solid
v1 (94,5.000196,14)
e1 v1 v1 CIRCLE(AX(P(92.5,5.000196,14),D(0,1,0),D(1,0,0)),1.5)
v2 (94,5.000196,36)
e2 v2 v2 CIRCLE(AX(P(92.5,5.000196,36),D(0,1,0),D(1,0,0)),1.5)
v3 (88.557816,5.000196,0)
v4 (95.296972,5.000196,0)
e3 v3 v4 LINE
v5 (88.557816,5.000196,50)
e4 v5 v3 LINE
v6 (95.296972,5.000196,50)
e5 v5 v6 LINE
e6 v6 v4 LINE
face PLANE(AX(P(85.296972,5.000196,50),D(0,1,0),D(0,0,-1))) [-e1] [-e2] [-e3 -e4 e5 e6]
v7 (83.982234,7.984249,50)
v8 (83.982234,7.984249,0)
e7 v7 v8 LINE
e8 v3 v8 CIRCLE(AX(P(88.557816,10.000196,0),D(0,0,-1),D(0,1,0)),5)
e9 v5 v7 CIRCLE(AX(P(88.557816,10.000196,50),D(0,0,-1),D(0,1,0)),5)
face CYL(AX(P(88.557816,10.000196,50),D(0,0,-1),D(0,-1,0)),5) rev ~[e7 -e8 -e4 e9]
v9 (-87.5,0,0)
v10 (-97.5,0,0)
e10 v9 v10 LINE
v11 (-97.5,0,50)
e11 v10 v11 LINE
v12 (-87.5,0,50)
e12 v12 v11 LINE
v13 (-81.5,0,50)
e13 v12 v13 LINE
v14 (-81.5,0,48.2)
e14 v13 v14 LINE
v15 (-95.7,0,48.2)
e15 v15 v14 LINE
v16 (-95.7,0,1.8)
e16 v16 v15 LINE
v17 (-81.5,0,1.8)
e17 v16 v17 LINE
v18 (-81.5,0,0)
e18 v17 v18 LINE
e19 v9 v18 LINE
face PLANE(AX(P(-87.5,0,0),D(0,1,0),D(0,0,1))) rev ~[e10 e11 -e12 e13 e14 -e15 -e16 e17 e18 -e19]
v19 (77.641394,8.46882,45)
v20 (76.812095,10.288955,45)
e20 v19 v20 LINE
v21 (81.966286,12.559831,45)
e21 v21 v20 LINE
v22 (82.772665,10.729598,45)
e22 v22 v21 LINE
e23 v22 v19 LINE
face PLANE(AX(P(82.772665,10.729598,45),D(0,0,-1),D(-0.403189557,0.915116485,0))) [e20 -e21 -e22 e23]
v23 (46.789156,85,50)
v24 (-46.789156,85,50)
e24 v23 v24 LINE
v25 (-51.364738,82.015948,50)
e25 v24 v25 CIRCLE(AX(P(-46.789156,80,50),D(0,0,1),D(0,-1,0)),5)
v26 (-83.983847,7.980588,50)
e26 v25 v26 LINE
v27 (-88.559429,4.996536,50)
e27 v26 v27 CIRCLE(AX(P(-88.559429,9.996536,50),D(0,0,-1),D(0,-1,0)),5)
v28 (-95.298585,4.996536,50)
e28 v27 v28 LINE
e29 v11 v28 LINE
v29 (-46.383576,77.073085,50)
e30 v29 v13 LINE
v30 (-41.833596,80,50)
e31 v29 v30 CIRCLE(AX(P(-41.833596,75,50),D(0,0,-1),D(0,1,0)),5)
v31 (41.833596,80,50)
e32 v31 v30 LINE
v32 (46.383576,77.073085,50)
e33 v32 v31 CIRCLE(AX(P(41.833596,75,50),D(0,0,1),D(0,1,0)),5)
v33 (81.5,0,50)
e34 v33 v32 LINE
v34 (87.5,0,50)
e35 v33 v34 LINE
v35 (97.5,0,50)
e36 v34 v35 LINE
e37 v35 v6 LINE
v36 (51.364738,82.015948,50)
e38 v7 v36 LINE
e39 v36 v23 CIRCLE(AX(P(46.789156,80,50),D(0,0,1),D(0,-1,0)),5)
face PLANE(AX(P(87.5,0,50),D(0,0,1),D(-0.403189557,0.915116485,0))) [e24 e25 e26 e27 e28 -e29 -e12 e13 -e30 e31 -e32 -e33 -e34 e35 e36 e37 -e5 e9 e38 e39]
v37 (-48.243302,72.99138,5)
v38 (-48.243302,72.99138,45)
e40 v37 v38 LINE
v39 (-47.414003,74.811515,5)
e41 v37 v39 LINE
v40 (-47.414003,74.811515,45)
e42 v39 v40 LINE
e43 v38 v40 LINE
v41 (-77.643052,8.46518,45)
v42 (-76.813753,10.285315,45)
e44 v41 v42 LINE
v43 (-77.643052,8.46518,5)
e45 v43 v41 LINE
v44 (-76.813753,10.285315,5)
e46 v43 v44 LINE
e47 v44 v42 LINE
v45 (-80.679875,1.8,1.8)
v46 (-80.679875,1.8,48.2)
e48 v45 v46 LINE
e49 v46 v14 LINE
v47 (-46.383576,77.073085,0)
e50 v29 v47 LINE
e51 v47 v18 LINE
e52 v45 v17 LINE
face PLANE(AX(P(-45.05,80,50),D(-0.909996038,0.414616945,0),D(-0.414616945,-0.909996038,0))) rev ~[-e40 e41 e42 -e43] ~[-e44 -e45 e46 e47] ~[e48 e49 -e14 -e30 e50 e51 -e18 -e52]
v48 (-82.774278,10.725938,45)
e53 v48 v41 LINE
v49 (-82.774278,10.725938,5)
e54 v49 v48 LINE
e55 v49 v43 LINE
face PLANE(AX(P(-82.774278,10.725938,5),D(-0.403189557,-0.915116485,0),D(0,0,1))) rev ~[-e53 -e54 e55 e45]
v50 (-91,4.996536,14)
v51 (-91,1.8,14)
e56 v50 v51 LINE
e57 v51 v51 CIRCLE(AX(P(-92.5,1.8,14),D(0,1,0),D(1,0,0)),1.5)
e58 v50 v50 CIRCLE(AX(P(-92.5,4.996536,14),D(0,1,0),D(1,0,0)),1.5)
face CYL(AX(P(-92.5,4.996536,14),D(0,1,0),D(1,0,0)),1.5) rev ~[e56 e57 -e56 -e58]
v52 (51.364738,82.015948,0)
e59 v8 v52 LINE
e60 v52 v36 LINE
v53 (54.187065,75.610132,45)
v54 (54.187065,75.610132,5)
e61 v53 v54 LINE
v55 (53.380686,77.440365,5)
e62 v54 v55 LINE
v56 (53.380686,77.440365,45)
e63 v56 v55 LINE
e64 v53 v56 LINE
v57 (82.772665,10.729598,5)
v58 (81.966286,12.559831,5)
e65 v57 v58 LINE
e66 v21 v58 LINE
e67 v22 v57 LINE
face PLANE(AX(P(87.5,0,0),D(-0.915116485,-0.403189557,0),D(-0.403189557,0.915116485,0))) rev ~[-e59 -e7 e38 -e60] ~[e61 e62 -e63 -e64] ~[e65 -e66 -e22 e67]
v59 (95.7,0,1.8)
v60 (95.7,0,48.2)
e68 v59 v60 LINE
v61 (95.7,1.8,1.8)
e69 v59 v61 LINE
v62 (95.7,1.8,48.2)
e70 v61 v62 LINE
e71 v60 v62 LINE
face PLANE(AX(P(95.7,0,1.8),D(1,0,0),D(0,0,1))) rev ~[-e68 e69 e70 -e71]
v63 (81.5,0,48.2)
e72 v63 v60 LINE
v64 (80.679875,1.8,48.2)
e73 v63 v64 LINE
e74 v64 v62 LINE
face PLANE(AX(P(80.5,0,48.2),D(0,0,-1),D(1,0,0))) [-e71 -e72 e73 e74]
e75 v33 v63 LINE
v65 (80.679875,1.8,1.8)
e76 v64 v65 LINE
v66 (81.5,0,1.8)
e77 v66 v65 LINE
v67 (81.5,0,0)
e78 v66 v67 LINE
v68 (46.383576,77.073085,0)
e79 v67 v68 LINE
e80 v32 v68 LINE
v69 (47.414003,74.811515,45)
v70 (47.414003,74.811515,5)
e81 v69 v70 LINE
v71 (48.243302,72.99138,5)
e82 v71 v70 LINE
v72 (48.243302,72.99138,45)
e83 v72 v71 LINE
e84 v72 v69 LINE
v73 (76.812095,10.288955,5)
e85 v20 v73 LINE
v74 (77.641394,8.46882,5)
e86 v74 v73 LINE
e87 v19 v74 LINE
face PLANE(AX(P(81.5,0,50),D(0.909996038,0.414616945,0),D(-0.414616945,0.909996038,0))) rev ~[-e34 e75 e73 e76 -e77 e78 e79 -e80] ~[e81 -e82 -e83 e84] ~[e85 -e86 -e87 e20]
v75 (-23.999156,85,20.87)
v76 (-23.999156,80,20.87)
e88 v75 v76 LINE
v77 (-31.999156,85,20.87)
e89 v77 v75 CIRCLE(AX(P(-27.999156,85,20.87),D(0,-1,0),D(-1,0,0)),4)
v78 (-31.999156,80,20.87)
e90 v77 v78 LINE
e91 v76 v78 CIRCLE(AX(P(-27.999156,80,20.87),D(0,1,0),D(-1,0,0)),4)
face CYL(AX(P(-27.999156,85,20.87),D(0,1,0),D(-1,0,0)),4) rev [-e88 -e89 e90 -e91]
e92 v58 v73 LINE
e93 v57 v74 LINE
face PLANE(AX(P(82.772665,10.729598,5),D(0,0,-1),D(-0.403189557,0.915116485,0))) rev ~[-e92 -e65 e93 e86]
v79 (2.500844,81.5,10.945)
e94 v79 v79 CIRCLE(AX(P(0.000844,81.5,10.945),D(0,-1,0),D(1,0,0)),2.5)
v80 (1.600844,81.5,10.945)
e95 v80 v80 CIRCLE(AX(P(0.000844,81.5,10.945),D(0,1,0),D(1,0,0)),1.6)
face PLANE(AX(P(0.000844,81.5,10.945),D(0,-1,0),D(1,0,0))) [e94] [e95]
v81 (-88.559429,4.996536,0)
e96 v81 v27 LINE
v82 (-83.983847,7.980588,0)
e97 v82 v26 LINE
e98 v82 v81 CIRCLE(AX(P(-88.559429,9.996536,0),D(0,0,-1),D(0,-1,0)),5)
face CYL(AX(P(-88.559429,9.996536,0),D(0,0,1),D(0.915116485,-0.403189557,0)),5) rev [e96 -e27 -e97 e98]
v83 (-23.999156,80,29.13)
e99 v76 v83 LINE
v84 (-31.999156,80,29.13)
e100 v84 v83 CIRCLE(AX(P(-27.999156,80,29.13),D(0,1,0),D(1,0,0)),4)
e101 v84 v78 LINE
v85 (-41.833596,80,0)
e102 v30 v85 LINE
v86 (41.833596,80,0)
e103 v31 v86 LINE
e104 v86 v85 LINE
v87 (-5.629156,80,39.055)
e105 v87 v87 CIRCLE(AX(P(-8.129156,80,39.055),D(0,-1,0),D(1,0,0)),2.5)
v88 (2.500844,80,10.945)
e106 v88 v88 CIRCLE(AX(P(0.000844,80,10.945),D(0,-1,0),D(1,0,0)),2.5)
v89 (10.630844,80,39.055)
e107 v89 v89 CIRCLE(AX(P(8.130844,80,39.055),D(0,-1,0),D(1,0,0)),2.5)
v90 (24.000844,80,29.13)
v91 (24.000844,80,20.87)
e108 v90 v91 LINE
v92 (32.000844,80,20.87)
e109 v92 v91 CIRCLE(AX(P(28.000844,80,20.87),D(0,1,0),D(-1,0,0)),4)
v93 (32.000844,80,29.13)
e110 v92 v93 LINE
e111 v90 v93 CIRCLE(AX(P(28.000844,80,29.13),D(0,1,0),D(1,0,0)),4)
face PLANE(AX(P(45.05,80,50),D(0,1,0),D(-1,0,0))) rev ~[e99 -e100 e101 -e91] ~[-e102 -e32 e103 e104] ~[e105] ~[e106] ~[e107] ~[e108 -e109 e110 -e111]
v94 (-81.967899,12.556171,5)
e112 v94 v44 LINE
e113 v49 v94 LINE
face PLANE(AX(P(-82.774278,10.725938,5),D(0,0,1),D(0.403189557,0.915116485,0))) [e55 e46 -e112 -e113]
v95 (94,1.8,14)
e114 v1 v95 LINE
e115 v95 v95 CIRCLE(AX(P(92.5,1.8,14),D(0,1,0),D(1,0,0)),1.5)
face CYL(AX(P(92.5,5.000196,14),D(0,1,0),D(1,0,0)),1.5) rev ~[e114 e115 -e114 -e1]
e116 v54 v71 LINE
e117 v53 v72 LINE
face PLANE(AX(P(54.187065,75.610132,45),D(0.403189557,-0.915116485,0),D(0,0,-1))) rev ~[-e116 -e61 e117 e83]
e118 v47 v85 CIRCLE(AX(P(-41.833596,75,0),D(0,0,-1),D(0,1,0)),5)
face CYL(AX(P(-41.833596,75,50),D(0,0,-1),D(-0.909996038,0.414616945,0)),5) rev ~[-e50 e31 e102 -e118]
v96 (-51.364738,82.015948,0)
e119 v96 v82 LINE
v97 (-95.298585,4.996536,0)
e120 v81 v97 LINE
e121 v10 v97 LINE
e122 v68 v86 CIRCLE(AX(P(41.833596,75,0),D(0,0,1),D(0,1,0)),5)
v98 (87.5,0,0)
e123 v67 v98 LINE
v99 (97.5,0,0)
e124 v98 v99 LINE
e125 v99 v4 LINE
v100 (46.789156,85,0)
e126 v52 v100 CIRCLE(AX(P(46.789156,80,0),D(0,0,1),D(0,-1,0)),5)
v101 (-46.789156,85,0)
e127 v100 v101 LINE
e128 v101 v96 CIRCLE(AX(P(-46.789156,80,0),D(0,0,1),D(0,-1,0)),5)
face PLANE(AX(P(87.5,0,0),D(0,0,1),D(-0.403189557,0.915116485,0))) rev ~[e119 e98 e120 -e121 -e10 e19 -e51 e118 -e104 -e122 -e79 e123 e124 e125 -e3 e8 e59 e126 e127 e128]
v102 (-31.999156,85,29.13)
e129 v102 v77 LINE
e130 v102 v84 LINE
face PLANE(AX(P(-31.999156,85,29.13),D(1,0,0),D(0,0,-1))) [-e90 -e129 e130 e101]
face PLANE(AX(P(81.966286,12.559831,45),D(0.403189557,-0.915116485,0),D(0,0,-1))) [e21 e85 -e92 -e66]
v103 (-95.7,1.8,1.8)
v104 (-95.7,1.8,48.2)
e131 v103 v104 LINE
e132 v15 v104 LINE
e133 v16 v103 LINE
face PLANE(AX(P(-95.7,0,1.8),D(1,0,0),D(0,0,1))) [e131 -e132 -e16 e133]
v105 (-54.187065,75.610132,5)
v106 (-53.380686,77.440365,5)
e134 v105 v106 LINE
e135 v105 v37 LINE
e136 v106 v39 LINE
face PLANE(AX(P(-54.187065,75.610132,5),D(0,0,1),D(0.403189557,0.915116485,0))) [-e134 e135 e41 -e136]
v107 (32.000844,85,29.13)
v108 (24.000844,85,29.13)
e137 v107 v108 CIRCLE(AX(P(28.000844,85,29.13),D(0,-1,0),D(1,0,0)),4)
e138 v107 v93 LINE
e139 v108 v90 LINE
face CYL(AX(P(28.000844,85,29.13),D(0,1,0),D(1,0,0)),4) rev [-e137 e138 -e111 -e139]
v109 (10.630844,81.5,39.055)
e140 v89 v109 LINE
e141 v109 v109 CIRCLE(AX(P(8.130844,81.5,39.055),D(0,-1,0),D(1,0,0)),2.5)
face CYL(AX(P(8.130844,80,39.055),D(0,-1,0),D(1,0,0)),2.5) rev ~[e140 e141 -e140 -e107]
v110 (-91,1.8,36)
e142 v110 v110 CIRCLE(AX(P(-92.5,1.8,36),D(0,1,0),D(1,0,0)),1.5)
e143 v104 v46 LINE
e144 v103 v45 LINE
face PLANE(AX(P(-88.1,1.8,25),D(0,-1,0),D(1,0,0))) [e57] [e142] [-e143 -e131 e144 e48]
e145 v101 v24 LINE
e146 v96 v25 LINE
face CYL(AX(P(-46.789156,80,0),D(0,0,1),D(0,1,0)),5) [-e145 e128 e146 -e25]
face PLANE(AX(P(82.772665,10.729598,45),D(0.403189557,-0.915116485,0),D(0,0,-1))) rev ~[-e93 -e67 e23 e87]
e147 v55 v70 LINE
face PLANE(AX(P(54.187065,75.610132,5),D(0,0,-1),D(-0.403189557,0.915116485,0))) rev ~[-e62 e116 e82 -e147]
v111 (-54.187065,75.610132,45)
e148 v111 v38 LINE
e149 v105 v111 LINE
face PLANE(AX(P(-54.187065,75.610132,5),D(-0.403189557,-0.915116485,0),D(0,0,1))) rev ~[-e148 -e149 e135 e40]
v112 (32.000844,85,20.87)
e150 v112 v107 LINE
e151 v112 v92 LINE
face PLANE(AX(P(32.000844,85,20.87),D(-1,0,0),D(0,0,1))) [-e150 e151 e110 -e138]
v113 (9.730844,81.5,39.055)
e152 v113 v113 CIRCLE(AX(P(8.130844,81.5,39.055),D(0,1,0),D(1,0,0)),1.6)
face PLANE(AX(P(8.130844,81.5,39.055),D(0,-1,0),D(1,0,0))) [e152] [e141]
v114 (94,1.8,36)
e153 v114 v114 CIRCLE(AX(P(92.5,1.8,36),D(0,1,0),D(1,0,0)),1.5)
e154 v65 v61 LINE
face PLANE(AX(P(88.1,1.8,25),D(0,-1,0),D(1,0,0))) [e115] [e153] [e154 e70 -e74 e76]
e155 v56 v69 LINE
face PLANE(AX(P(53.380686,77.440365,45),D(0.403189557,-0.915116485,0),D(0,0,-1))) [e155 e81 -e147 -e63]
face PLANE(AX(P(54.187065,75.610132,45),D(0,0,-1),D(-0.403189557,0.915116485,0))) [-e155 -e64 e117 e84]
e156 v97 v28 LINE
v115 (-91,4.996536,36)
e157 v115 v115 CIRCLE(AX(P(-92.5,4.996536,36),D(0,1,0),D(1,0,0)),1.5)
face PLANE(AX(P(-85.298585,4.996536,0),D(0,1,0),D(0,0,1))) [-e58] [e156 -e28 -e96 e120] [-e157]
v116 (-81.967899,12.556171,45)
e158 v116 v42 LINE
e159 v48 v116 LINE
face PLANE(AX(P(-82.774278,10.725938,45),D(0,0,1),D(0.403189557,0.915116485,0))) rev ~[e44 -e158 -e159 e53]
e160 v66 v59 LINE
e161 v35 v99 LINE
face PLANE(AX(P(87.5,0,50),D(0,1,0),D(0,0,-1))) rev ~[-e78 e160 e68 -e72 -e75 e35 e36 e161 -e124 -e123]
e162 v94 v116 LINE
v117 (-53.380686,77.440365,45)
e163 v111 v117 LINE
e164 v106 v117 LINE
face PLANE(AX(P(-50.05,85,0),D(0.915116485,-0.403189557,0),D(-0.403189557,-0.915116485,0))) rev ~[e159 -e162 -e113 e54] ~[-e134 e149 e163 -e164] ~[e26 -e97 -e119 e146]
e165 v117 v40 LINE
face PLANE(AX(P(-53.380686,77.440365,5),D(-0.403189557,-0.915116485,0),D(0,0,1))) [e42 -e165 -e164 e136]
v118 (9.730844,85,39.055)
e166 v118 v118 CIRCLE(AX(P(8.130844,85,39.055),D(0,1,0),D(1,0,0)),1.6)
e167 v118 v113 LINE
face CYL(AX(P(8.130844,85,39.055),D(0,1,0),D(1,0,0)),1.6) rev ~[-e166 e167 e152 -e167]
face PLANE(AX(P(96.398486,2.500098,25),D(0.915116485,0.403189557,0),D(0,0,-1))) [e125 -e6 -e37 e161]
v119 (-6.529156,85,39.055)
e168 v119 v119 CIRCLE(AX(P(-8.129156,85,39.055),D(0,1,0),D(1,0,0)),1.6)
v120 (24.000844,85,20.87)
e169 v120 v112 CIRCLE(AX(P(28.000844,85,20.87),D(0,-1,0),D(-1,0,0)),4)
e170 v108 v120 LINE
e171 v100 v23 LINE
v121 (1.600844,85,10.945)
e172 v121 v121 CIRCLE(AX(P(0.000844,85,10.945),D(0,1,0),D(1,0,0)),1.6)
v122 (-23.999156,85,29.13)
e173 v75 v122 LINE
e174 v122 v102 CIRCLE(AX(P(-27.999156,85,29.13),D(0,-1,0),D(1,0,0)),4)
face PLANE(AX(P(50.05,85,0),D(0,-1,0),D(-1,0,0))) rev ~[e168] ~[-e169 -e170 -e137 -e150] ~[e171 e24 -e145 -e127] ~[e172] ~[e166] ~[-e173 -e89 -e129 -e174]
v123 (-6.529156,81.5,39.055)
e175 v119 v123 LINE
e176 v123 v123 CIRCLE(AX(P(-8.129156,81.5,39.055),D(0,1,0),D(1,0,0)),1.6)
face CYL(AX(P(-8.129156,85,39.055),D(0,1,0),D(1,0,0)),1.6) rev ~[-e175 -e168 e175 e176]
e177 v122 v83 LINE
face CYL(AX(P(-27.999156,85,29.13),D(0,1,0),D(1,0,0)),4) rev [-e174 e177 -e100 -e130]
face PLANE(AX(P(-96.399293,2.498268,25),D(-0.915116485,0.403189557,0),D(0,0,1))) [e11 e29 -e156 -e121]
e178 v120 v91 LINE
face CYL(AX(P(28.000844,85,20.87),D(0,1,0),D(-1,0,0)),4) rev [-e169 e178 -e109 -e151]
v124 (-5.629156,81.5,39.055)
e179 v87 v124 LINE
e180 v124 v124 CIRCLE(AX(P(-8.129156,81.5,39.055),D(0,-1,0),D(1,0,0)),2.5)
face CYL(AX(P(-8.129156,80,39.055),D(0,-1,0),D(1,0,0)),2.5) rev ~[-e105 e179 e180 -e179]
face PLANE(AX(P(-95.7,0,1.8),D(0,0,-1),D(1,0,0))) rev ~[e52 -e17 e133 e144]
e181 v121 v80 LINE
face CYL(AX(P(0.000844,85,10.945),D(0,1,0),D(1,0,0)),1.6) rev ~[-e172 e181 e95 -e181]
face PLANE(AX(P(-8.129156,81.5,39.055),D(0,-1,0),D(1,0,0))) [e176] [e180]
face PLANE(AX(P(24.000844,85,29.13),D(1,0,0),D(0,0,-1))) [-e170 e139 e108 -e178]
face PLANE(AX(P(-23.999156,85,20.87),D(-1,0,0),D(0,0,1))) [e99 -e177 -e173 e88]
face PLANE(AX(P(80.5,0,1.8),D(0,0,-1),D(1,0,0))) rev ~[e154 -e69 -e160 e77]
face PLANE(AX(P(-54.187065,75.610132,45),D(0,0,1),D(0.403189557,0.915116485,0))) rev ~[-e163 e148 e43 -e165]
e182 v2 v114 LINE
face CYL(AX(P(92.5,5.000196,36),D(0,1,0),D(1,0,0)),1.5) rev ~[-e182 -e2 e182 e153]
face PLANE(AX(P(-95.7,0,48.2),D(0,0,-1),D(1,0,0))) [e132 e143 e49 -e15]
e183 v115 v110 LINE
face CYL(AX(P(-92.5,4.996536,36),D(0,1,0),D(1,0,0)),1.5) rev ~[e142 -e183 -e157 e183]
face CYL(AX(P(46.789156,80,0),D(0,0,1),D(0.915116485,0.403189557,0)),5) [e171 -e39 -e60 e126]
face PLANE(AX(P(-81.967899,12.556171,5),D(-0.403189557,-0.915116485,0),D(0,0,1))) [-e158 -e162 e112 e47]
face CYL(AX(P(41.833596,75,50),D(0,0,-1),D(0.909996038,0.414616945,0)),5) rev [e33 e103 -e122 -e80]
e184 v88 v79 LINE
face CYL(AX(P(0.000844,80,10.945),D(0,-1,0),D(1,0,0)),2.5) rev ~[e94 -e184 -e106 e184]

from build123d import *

# Parameters (mm, degrees)
BOSS_EXTRUDE2_DEPTH = 50
CUT_EXTRUDE1_DEPTH  = 50
FILLET1_R           = 5
SKETCH10_W          = 50
SKETCH10_H          = 5.46
BOSS_EXTRUDE4_DEPTH = 10
SKETCH5_W           = 50
SKETCH5_H           = 5.464
BOSS_EXTRUDE5_DEPTH = 10
SKETCH11_R          = 1.5
CUT_EXTRUDE2_DEPTH  = 10
SKETCH12_R          = 1.5
CUT_EXTRUDE3_DEPTH  = 10
FILLET2_R           = 5
FILLET3_R           = 5
CUT_EXTRUDE8_DEPTH  = 8.5
SKETCH18_W          = 15.2
SKETCH18_H          = 46.4
CUT_EXTRUDE14_DEPTH = 1.8
SKETCH19_W          = 15.2
SKETCH19_H          = 46.4
CUT_EXTRUDE15_DEPTH = 1.8
SKETCH16_W          = 40
SKETCH16_H          = 2
CUT_EXTRUDE16_DEPTH = 10
SKETCH17_W          = 40
SKETCH17_H          = 2
CUT_EXTRUDE17_DEPTH = 10
SKETCH13_R          = 1.6
CUT_EXTRUDE18_DEPTH = 10
SKETCH20_R          = 2.5
CUT_EXTRUDE19_DEPTH = 1.5


with BuildPart() as part:
    # Sketch1 → Boss-Extrude2 (new body)
    with BuildSketch(Plane.XY):
        Polygon((-87.5, 0), (87.5, 0), (50.05, 85), (-50.05, 85), align=None)
    extrude(amount=BOSS_EXTRUDE2_DEPTH)

    # Sketch3 → Cut-Extrude1 (cut)
    with BuildSketch(Plane.XY.offset(50)):
        Polygon((-81.5, 0), (81.5, 0), (45.05, 80), (-45.05, 80), align=None)
    extrude(amount=-CUT_EXTRUDE1_DEPTH, mode=Mode.SUBTRACT)

    # Fillet1
    fillet1_edges = [part.edges().sort_by_distance(p)[0] for p in [
        (-45.05, 80, 25),
        (45.05, 80, 25),
    ]]
    fillet(fillet1_edges, radius=FILLET1_R)

    # Sketch10 → Boss-Extrude4 (add, along a direction that is not the sketch's normal)
    with BuildSketch(Plane(origin=(-73.275840836, 32.284473404, 0), x_dir=(0, 0, 1), z_dir=(-0.915116485, 0.403189557, 0))):
        with Locations((25, -32.549086253)):
            Rectangle(SKETCH10_W, SKETCH10_H)
    extrude(amount=BOSS_EXTRUDE4_DEPTH, dir=(-1, 0, 0))

    # Sketch5 → Boss-Extrude5 (add, along a direction that is not the sketch's normal)
    with BuildSketch(Plane(origin=(73.275840836, 32.284473404, 0), x_dir=(0, 0, -1), z_dir=(0.915116485, 0.403189557, 0))):
        with Locations((-25, -32.547086253)):
            Rectangle(SKETCH5_W, SKETCH5_H)
    extrude(amount=BOSS_EXTRUDE5_DEPTH, dir=(1, 0, 0))

    # Sketch11 → Cut-Extrude2 (cut)
    with BuildSketch(Plane(origin=(0, 4.996536008, 0), x_dir=(1, 0, 0), z_dir=(0, 1, 0))):
        with Locations((-92.5, -14)):
            Circle(SKETCH11_R)
        with Locations((-92.5, -36)):
            Circle(SKETCH11_R)
    extrude(amount=-CUT_EXTRUDE2_DEPTH, mode=Mode.SUBTRACT)

    # Sketch12 → Cut-Extrude3 (cut)
    with BuildSketch(Plane(origin=(0, 5.000196474, 0), x_dir=(1, 0, 0), z_dir=(0, 1, 0))):
        with Locations((92.5, -14)):
            Circle(SKETCH12_R)
        with Locations((92.5, -36)):
            Circle(SKETCH12_R)
    extrude(amount=-CUT_EXTRUDE3_DEPTH, mode=Mode.SUBTRACT)

    # Fillet2
    fillet2_edges = [part.edges().sort_by_distance(p)[0] for p in [
        (-85.298585018, 4.996536008, 25),
        (85.29697226, 5.000196474, 25),
    ]]
    fillet(fillet2_edges, radius=FILLET2_R)

    # Fillet3
    fillet3_edges = [part.edges().sort_by_distance(p)[0] for p in [
        (-50.05, 85, 25),
        (50.05, 85, 25),
    ]]
    fillet(fillet3_edges, radius=FILLET3_R)

    # Sketch15 → Cut-Extrude8 (cut)
    with BuildSketch(Plane(origin=(0, 85, 0), x_dir=(1, 0, 0), z_dir=(0, 1, 0))):
        with BuildLine():
            Line((-23.999155874, -20.87), (-23.999155874, -29.13))
            ThreePointArc((-23.999155874, -29.13), (-27.999155874, -33.13), (-31.999155874, -29.13))
            Line((-31.999155874, -29.13), (-31.999155874, -20.87))
            ThreePointArc((-31.999155874, -20.87), (-27.999155874, -16.87), (-23.999155874, -20.87))
        make_face()
        with BuildLine():
            Line((32.000844126, -20.87), (32.000844126, -29.13))
            ThreePointArc((32.000844126, -29.13), (28.000844126, -33.13), (24.000844126, -29.13))
            Line((24.000844126, -29.13), (24.000844126, -20.87))
            ThreePointArc((24.000844126, -20.87), (28.000844126, -16.87), (32.000844126, -20.87))
        make_face()
    extrude(amount=-CUT_EXTRUDE8_DEPTH, mode=Mode.SUBTRACT)

    # Sketch18 → Cut-Extrude14 (cut)
    with BuildSketch(Plane.XZ):
        with Locations((88.1, 25)):
            Rectangle(SKETCH18_W, SKETCH18_H)
    extrude(amount=-CUT_EXTRUDE14_DEPTH, mode=Mode.SUBTRACT)

    # Sketch19 → Cut-Extrude15 (cut)
    with BuildSketch(Plane.XZ):
        with Locations((-88.1, 25)):
            Rectangle(SKETCH19_W, SKETCH19_H)
    extrude(amount=-CUT_EXTRUDE15_DEPTH, mode=Mode.SUBTRACT)

    # Sketch16 → Cut-Extrude16 (cut)
    with BuildSketch(Plane(origin=(73.275840836, 32.284473404, 0), x_dir=(0, 0, -1), z_dir=(0.915116485, 0.403189557, 0))):
        with Locations((-25, 48.344419756)):
            Rectangle(SKETCH16_W, SKETCH16_H)
        with Locations((-25, -22.554242128)):
            Rectangle(SKETCH16_W, SKETCH16_H)
    extrude(amount=-CUT_EXTRUDE16_DEPTH, mode=Mode.SUBTRACT)

    # Sketch17 → Cut-Extrude17 (cut)
    with BuildSketch(Plane(origin=(-73.275840836, 32.284473404, 0), x_dir=(0, 0, 1), z_dir=(-0.915116485, 0.403189557, 0))):
        with Locations((25, 48.344419756)):
            Rectangle(SKETCH17_W, SKETCH17_H)
        with Locations((25, -22.558242128)):
            Rectangle(SKETCH17_W, SKETCH17_H)
    extrude(amount=-CUT_EXTRUDE17_DEPTH, mode=Mode.SUBTRACT)

    # Sketch13 → Cut-Extrude18 (cut)
    with BuildSketch(Plane(origin=(0, 85, 0), x_dir=(1, 0, 0), z_dir=(0, 1, 0))):
        with Locations((0.000844126, -10.945)):
            Circle(SKETCH13_R)
        with Locations((-8.129155874, -39.055)):
            Circle(SKETCH13_R)
        with Locations((8.130844126, -39.055)):
            Circle(SKETCH13_R)
    extrude(amount=-CUT_EXTRUDE18_DEPTH, mode=Mode.SUBTRACT)

    # Sketch20 → Cut-Extrude19 (cut)
    with BuildSketch(Plane.XZ.offset(-80)):
        with Locations((-8.129155874, 39.055)):
            Circle(SKETCH20_R)
        with Locations((8.130844126, 39.055)):
            Circle(SKETCH20_R)
        with Locations((0.000844126, 10.945)):
            Circle(SKETCH20_R)
    extrude(amount=-CUT_EXTRUDE19_DEPTH, mode=Mode.SUBTRACT)


solid = part.part
